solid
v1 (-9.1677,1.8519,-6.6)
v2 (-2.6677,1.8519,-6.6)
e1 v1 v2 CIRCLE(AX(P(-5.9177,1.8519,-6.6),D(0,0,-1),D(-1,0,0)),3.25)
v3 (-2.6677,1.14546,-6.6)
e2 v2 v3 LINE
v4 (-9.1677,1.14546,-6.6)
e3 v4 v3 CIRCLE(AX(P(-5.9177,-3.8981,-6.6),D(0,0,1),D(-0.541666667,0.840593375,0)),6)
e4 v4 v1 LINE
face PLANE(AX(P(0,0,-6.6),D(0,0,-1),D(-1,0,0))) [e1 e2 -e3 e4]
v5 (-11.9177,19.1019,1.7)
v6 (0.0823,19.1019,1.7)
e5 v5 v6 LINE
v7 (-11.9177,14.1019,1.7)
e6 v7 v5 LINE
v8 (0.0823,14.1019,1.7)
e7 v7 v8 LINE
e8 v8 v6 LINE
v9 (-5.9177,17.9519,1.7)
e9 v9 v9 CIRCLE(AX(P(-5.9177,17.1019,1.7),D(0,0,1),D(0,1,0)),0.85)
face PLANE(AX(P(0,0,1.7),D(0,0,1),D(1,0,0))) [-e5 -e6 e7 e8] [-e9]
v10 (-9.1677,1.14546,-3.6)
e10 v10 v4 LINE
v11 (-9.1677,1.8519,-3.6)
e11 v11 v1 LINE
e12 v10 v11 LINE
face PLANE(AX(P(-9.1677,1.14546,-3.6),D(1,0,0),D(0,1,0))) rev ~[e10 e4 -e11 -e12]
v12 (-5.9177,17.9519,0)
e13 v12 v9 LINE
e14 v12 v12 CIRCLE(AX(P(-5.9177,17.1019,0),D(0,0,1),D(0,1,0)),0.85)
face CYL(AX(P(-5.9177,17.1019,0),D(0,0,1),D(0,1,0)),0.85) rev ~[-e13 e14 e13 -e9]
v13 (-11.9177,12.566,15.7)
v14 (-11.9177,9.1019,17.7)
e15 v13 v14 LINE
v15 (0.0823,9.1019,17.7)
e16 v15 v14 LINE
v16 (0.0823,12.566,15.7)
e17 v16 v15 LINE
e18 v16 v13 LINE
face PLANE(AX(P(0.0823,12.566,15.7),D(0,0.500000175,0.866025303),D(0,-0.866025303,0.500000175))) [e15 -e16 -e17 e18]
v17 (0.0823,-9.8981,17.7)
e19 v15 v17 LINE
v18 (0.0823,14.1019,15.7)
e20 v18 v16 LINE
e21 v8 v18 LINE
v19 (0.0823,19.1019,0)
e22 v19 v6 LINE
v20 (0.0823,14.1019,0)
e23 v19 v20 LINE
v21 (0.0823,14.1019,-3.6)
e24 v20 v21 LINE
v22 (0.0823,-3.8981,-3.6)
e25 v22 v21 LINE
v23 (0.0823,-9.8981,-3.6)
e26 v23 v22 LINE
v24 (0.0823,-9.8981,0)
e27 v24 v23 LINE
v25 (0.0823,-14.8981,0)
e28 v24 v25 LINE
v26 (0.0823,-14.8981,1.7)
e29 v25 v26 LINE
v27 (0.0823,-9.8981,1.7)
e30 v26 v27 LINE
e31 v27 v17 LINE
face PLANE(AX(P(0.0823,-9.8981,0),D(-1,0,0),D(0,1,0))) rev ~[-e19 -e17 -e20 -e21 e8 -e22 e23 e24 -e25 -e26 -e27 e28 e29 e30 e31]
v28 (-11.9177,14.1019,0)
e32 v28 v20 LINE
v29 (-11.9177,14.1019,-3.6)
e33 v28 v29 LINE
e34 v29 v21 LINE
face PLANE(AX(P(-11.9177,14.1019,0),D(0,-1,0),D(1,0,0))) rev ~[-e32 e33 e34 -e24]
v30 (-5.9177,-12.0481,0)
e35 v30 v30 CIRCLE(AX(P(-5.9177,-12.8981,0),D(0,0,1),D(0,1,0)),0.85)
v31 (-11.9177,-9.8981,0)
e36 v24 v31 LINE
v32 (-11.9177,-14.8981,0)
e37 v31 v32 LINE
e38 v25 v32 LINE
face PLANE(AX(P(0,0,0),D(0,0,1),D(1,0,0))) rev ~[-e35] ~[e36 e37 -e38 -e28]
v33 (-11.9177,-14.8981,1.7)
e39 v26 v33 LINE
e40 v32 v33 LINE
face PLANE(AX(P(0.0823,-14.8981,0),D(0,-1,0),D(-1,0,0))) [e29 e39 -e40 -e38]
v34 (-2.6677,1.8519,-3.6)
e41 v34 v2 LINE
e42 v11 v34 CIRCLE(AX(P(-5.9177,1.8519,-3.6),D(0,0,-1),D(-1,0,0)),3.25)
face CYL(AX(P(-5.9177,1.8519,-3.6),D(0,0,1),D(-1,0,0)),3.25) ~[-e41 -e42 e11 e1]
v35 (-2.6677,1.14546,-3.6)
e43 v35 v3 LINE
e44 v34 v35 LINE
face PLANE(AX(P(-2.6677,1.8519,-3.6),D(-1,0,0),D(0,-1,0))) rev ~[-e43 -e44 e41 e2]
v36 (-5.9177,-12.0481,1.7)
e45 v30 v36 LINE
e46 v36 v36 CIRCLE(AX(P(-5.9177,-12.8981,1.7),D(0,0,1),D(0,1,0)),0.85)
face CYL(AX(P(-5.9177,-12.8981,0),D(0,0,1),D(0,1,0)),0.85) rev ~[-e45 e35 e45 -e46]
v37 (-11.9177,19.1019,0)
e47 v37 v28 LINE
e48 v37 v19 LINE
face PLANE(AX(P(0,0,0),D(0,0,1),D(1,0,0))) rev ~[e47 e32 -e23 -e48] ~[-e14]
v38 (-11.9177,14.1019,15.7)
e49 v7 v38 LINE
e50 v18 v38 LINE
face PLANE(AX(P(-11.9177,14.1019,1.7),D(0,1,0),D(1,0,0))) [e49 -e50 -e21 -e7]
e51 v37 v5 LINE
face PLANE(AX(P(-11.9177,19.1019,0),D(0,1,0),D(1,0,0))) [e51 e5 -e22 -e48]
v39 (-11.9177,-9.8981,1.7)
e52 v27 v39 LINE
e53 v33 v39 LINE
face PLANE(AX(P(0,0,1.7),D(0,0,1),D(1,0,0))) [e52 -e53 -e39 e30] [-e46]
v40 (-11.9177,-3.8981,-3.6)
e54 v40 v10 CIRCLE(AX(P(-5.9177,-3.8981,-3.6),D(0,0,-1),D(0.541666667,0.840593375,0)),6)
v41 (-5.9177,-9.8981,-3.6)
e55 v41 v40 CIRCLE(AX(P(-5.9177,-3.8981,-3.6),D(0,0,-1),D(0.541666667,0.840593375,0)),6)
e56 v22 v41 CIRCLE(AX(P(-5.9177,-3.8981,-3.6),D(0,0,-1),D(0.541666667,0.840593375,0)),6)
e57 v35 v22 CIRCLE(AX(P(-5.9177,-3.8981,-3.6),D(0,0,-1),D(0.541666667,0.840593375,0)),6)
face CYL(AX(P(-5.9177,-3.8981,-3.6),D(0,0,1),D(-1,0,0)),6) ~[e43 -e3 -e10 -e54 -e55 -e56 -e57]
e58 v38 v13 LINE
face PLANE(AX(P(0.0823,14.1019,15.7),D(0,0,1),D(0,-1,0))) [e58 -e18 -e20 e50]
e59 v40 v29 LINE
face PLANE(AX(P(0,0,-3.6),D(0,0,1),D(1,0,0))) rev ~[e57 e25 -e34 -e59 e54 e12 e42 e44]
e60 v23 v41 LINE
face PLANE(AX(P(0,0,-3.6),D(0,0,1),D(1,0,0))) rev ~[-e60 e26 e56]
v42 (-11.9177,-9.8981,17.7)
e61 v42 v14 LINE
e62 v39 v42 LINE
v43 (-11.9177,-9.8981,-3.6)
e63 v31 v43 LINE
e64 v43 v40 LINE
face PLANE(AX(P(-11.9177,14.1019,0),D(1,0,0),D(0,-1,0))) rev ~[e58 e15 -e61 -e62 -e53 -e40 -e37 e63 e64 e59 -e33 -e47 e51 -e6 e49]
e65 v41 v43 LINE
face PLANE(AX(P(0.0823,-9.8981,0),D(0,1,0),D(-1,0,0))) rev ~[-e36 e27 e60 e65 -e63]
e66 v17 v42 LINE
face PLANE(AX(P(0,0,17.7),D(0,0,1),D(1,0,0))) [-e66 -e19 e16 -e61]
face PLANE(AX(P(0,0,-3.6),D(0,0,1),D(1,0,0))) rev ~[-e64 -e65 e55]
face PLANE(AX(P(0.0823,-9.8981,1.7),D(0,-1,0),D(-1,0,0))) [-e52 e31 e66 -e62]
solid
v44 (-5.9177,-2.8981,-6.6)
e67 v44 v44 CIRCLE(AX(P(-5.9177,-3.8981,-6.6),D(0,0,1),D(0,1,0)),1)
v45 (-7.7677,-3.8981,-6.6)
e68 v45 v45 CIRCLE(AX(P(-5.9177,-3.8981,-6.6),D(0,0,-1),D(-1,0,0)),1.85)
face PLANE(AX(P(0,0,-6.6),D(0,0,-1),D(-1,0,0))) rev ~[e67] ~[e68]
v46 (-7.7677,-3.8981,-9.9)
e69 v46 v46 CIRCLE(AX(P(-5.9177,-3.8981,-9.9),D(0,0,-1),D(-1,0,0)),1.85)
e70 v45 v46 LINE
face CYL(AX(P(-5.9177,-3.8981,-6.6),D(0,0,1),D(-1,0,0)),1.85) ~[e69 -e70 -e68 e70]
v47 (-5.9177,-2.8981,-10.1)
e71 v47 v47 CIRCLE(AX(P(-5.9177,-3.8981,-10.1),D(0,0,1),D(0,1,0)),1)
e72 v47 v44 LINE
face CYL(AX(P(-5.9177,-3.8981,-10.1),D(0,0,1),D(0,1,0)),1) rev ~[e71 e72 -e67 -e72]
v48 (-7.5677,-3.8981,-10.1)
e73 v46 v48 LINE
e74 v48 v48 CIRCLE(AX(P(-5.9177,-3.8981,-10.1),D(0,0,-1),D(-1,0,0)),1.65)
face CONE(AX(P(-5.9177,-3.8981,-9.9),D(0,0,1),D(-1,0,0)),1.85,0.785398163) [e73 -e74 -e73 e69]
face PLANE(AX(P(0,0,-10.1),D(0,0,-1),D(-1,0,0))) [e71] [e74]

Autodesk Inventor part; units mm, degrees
ref_plane "YZ Plane" through (0, 0, 0) normal (1, 0, 0) x (0, 1, 0)
ref_plane "XZ Plane" through (0, 0, 0) normal (0, 1, 0) x (-1, 0, 0)
ref_plane "XY Plane" through (0, 0, 0) normal (0, 0, 1) x (1, 0, 0)
sketch "Skizze1" plane through (0, 0, 0) normal (0, 0, 1) x (1, 0, 0)
  line L0 (0.0823, -4.147) -> (0.0823, -9.8981)
  line L1 (0.0823, -9.8981) -> (-11.9177, -9.8981)
  line L2 (-11.9177, -9.8981) -> (-11.9177, 14.1019)
  line L3 (-11.9177, 14.1019) -> (0.0823, 14.1019)
  line L4 (0.0823, 14.1019) -> (0.0823, -4.147)
  point P0 (0, 0)
  dimension "d34" = 12
  dimension "d35" = 24
extrude "Extrusion1" add sketch "Skizze1" against normal blind 3.6
sketch "Skizze2" plane through (0, 0, 0) normal (0, 0, 1) x (1, 0, 0)
  line L0 (0.0823, -9.8981) -> (0.0823, 14.1019) projected
  line L1 (0.0823, 14.1019) -> (-11.9177, 14.1019) projected
  line L2 (-11.9177, 14.1019) -> (-11.9177, -9.8981) projected
  line L3 (-11.9177, -9.8981) -> (0.0823, -9.8981) projected
  line L4 (-11.9177, 19.1019) -> (0.0823, 19.1019)
  line L5 (0.0823, 19.1019) -> (0.0823, -14.8981)
  line L6 (0.0823, -14.8981) -> (-11.9177, -14.8981)
  line L7 (-11.9177, -14.8981) -> (-11.9177, 19.1019)
  point P0 (0, 0)
  dimension "d2" = 5
  dimension "d3" = 5
extrude "Extrusion2" add sketch "Skizze2" along normal blind 1.7
sketch "Skizze3" plane through (0, 0, 1.7) normal (0, 0, 1) x (1, 0, 0)
  line L0 (0.0823, 14.1019) -> (0.0823, -9.8981) projected
  line L1 (0.0823, -9.8981) -> (-11.9177, -9.8981) projected
  line L2 (-11.9177, -9.8981) -> (-11.9177, 14.1019) projected
  line L3 (-11.9177, 14.1019) -> (0.0823, 14.1019) projected
  point P0 (0, 0)
extrude "Extrusion3" add sketch "Skizze3" along normal blind 16
sketch "Skizze4" plane through (0, 0, -3.6) normal (0, 0, -1) x (-1, 0, 0)
  line L0 (-0.0823, -9.8981) -> (11.9177, -9.8981) projected
  line L1 (11.9177, 14.1019) -> (-0.0823, 14.1019) projected
  circle A0 centre (5.9177, -3.8981) radius 6
  line L2 (5.9177, 14.1019) -> (5.9177, -9.8981) construction
  line L3 (5.9177, -3.8981) -> (5.9177, 1.8519) construction
  line L4 (9.1677, -3.8981) -> (9.1677, 1.8519)
  line L5 (2.6677, 1.8519) -> (2.6677, -3.8981)
  arc A1 (2.6677, -3.8981) -> (9.1677, -3.8981) centre (5.9177, -3.8981) ccw
  arc A2 (9.1677, 1.8519) -> (2.6677, 1.8519) centre (5.9177, 1.8519) ccw
  line L6 (-0.0823, 14.1019) -> (-0.0823, -9.8981) projected
  point P0 (0, 0)
  point P1 (5.9177, -1.0231)
  dimension "d32" = 6.5
  dimension "d33" = 15
extrude "Extrusion4" add sketch "Skizze4" along normal blind 3 contours A0 L5 A1 L4 | L5 A2 L4 A0 | A0 L4 A1 L5
sketch "Skizze5" plane through (0, 0, -3.6) normal (0, 0, -1) x (-1, 0, 0)
  circle A0 centre (5.9177, -3.8981) radius 6 projected
  line L0 (-0.0823, 14.1019) -> (-0.0823, -9.8981) projected
  line L1 (-0.0823, -9.8981) -> (11.9177, -9.8981) projected
  line L2 (11.9177, -9.8981) -> (11.9177, 14.1019) projected
  line L3 (11.9177, 14.1019) -> (-0.0823, 14.1019) projected
  point P0 (0, 0)
sketch "Skizze7" plane through (0, 0, 0) normal (0, 0, -1) x (-1, 0, 0)
  line L0 (-0.0823, -9.8981) -> (-0.0823, -14.8981) projected
  line L1 (-0.0823, -14.8981) -> (11.9177, -14.8981) projected
  line L2 (-0.0823, 14.1019) -> (11.9177, 14.1019) projected
  line L3 (11.9177, 14.1019) -> (11.9177, 19.1019) projected
  line L4 (11.9177, 19.1019) -> (-0.0823, 19.1019) projected
  line L5 (-0.0823, 19.1019) -> (-0.0823, 14.1019) projected
  point P0 (0, 0)
  point P1 (5.9177, 17.1019)
  point P2 (5.9177, -12.8981)
  dimension "d12" = 2
  dimension "d13" = 2
  dimension "d14" = 12
  dimension "d15" = 6
  dimension "d16" = 6
hole "Bohrung1" at (-5.9177, -12.8981, 0) at (-5.9177, 17.1019, 0) direction (0, 0, 1) diameter 1.7 end through all
sketch "Skizze9" plane through (0, 0, -6.6) normal (0, 0, -1) x (-1, 0, 0)
  arc A0 (2.6677, 1.1454) -> (9.1677, 1.1454) centre (5.9177, -3.8981) ccw projected
  circle A1 centre (5.9177, -3.8981) radius 1.85
  point P0 (0, 0)
  dimension "d36" = 3.7
extrude "Extrusion6" add sketch "Skizze9" along normal blind 3.5 separate body
chamfer "Fase1" distance 0.2 angle 45 1 edges at (-4.0677, -3.8981, -10.1)
sketch "Skizze10" plane through (0.0823, 14.1019, 0) normal (1, 0, 0) x (0, 0, -1)
  line L0 (-1.7, 0) -> (-17.7, 0) projected
  line L1 (-17.7, -24) -> (-17.7, 0) projected
  line L2 (0, -24) -> (0, -29) projected
  line L3 (-15.7, 0) -> (-15.7, -1.5359)
  line L4 (-15.7, -1.5359) -> (-17.7, -5)
  point P0 (0, -14.1019)
  dimension "d42" = 30
  dimension "d43" = 2
  dimension "d44" = 5
extrude "Extrusion7" cut sketch "Skizze10" against normal through all bodies 1
hole "Bohrung2" at (-5.9177, -3.8981, -10.1) direction (0, 0, 1) diameter 2 depth 5 tip angle 118 bodies 2
equation "\"d15\" = 0.5 * d14"
equation "\"d16\" = d15"
properties part number "Servo G12DM" material "ABS-Kunststoff - Schwarz"
